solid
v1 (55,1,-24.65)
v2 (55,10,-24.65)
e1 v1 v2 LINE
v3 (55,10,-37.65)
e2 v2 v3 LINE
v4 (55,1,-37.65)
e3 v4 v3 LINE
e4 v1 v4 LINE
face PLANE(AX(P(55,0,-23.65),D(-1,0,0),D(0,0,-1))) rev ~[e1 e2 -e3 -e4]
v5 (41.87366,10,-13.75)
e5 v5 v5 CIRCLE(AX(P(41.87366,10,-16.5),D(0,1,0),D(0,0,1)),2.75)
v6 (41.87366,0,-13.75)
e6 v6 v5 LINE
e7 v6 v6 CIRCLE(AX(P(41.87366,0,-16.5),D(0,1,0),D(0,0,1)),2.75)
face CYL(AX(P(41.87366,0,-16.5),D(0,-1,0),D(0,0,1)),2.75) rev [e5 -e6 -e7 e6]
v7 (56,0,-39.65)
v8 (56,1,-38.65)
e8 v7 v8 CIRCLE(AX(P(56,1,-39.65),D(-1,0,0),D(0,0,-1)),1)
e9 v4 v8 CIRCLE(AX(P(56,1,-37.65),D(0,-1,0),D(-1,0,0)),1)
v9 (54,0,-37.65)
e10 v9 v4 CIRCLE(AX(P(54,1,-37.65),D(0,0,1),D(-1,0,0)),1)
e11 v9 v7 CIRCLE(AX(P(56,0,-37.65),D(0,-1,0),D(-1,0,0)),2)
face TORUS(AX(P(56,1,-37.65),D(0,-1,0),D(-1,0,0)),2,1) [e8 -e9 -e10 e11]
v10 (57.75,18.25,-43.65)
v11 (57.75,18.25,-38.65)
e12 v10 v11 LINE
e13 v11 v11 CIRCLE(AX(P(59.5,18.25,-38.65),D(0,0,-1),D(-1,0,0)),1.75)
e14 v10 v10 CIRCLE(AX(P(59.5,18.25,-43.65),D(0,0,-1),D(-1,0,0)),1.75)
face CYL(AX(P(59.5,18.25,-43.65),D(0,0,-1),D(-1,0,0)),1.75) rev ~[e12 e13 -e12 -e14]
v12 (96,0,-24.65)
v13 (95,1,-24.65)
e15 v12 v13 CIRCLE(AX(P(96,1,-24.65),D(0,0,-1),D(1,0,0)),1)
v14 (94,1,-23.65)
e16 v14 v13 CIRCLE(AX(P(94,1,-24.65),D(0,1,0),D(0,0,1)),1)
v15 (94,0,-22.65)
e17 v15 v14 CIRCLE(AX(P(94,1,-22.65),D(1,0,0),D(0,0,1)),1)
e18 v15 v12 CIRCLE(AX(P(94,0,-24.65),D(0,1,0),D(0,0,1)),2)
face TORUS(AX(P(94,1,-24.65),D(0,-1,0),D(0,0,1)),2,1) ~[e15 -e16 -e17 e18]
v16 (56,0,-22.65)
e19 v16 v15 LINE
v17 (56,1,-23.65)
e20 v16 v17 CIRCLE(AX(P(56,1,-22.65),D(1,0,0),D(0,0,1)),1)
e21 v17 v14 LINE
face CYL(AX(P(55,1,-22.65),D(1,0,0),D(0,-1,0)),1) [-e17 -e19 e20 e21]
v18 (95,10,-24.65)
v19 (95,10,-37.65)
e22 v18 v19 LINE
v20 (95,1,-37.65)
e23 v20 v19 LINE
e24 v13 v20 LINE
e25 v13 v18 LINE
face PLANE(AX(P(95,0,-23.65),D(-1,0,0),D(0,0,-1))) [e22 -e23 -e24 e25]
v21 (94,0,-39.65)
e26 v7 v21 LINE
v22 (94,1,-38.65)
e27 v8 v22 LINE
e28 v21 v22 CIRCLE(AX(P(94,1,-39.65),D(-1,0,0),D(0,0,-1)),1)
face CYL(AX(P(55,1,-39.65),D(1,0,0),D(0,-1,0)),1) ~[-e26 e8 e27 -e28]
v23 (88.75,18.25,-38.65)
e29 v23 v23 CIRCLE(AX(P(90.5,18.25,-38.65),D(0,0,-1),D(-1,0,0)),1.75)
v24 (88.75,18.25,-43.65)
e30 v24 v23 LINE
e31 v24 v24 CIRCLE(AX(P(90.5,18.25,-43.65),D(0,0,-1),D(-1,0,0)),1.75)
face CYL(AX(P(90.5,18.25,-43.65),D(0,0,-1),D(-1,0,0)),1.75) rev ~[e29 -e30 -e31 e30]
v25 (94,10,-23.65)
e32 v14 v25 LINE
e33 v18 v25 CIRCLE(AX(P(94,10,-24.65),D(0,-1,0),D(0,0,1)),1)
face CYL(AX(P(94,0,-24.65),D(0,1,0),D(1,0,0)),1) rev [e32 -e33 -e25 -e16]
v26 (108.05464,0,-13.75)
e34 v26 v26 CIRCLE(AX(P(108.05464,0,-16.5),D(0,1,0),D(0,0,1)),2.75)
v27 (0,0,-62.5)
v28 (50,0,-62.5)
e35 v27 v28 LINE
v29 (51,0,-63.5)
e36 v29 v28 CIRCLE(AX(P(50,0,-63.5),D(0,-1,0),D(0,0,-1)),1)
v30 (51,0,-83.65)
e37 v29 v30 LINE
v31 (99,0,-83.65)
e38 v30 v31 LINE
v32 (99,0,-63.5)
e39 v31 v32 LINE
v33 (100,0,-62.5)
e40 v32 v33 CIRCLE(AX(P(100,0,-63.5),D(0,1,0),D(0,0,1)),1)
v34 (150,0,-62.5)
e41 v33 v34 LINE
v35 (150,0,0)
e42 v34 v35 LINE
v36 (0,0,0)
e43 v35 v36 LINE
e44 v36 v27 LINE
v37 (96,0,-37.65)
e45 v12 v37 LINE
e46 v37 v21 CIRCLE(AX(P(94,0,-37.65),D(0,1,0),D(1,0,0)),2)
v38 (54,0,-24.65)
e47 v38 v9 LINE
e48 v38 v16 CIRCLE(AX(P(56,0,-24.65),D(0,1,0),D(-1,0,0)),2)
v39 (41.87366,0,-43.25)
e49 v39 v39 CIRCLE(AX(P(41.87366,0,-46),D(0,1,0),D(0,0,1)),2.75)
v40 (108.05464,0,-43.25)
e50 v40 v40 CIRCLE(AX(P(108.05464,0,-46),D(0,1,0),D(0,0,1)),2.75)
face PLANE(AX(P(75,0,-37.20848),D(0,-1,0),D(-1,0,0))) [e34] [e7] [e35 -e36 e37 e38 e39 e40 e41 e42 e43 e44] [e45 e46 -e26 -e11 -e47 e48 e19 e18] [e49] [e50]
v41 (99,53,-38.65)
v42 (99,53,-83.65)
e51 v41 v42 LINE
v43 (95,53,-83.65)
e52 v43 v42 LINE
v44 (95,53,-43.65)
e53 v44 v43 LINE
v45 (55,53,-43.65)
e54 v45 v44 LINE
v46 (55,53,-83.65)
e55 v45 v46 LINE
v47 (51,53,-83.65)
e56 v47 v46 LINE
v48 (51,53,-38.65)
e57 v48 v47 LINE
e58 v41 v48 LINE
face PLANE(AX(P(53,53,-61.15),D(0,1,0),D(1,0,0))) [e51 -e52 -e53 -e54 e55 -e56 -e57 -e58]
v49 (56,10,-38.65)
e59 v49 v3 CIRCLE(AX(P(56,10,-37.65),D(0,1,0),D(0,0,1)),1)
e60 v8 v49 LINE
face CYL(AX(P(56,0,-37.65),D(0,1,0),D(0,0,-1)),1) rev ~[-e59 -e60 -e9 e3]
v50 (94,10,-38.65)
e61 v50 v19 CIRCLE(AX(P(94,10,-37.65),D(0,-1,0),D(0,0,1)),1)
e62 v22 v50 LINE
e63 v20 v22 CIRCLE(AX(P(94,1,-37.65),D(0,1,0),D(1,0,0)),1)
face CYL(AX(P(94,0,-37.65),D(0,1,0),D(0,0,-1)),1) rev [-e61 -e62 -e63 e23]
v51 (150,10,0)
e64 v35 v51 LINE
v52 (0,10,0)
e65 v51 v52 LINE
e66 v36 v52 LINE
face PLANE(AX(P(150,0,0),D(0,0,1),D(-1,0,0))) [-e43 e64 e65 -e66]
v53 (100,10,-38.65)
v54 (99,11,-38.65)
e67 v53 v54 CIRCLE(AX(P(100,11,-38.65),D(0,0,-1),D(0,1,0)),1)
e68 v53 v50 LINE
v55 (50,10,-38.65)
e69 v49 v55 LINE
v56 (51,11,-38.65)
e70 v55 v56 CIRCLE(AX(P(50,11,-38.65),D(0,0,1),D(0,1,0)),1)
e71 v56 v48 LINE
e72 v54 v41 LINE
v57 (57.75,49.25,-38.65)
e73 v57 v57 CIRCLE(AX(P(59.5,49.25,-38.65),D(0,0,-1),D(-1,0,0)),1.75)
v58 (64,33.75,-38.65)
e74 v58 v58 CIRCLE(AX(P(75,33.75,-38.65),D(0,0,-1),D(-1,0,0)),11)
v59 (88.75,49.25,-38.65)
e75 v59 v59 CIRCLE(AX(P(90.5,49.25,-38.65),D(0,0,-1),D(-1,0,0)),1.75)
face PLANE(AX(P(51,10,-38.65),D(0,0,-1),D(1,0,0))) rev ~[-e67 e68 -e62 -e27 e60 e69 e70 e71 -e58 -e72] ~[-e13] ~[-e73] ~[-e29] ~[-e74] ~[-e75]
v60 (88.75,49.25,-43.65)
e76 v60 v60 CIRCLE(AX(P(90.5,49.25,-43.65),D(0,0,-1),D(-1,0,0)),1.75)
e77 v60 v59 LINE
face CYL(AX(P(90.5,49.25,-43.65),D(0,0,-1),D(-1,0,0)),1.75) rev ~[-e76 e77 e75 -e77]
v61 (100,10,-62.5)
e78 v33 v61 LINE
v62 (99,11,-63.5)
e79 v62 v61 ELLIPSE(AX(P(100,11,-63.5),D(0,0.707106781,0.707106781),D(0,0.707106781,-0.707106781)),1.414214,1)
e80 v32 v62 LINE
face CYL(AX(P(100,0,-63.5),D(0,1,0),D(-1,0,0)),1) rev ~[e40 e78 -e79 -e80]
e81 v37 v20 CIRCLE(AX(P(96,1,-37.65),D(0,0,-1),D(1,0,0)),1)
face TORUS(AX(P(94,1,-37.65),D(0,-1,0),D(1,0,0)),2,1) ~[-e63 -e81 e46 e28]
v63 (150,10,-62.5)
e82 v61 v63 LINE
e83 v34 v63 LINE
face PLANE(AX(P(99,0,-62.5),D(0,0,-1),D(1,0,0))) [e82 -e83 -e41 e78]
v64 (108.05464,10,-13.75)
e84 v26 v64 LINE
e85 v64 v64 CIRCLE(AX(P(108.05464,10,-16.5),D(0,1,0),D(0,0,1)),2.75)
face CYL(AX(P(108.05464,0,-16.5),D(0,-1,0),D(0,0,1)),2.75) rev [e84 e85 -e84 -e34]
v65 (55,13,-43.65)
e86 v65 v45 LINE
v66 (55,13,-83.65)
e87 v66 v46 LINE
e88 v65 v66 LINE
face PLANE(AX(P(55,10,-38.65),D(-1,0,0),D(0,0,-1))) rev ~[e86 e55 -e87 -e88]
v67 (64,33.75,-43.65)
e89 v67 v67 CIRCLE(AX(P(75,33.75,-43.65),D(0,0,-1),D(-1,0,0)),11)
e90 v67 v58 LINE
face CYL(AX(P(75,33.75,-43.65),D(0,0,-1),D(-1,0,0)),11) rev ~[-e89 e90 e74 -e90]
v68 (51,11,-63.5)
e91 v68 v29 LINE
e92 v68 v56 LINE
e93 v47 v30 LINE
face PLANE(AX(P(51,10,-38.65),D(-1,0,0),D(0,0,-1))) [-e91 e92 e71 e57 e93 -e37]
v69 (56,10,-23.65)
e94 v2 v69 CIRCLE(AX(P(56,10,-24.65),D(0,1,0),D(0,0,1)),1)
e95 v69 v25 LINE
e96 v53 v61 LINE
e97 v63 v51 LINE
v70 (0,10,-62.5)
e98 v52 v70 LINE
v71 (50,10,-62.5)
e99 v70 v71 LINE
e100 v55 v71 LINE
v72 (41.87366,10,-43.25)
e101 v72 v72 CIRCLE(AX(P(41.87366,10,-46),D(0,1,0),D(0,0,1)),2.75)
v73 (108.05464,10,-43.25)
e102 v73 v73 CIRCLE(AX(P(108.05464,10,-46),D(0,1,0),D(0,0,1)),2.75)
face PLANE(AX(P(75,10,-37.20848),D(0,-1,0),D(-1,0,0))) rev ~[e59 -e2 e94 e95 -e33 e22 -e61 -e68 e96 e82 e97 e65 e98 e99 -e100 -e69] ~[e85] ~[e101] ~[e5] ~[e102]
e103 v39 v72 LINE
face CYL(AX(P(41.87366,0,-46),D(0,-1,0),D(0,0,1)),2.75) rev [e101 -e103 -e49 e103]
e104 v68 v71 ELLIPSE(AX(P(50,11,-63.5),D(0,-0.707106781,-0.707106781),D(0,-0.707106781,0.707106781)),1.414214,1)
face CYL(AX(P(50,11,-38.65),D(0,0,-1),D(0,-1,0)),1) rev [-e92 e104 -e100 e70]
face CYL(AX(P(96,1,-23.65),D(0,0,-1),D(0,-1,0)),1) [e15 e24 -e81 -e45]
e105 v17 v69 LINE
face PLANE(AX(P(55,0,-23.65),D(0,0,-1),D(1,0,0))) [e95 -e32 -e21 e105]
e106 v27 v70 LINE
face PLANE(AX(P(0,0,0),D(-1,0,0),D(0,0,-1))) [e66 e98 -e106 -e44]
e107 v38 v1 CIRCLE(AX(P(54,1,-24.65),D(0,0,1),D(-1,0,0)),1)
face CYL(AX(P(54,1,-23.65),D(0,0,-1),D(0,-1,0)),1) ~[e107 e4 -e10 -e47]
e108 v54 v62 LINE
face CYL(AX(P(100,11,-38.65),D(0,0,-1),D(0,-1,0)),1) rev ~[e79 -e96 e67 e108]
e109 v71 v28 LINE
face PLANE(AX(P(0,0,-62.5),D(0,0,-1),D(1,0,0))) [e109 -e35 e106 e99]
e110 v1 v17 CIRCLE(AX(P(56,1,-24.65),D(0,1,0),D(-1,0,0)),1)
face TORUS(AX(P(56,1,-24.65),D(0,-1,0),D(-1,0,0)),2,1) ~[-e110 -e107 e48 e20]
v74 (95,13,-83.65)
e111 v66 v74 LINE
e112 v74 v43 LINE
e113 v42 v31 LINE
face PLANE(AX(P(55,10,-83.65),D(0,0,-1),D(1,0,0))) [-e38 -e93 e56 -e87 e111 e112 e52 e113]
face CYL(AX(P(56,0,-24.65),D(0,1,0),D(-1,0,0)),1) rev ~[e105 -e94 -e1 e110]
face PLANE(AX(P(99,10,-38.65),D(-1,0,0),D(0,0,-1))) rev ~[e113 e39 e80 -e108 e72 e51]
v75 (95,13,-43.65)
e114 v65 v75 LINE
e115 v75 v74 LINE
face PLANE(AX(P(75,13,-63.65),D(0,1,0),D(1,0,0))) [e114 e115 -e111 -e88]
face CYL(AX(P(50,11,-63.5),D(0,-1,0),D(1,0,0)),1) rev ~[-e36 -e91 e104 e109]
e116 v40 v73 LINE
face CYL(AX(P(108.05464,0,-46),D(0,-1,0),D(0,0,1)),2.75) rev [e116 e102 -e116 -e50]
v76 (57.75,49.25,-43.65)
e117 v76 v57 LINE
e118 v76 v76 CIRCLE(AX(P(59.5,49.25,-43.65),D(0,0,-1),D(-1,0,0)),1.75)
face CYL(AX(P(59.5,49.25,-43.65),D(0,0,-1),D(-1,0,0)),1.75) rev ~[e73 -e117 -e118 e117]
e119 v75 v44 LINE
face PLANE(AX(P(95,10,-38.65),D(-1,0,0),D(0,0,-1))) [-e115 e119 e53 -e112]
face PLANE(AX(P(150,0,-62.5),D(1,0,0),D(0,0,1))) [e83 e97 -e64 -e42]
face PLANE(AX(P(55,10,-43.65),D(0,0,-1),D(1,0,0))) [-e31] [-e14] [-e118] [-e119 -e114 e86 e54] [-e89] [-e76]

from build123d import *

# Parameters (mm, degrees)
SKETCH1_R            = 2.75
SKETCH1_W            = 40
SKETCH1_H            = 15
BOSS_EXTRUDE1_DEPTH  = 10
SKETCH3_W            = 40
SKETCH3_H            = 5
BOSS_EXTRUDE2_DEPTH  = 43
CUT_EXTRUDE1_REACH   = 166.968
SKETCH4_R            = 1.75
SKETCH4_R_2          = 11
SKETCH8_W            = 4
SKETCH8_H            = 45
BOSS_EXTRUDE4_DEPTH  = 43
SKETCH11_W           = 40
SKETCH11_H           = 40
BOSS_EXTRUDE15_DEPTH = 3
FILLET3_R            = 1
FILLET6_R            = 1
FILLET7_R            = 1


with BuildPart() as part:
    # Sketch1 → Boss-Extrude1 (new body)
    with BuildSketch(Plane(origin=(0, 0, 0), x_dir=(1, 0, 0), z_dir=(0, 1, 0))):
        Polygon((51, 62.5), (51, 83.65), (99, 83.65), (99, 62.5), (150, 62.5), (150, 0), (0, 0), (0, 62.5), align=None)
        with Locations(Location((108.05464, 46, 0), (0, 0, 270))):
            Circle(SKETCH1_R, mode=Mode.SUBTRACT)
        with Locations(Location((41.87366, 46, 0), (0, 0, 270))):
            Circle(SKETCH1_R, mode=Mode.SUBTRACT)
        with Locations(Location((41.87366, 16.5, 0), (0, 0, 270))):
            Circle(SKETCH1_R, mode=Mode.SUBTRACT)
        with Locations(Location((108.05464, 16.5, 0), (0, 0, 270))):
            Circle(SKETCH1_R, mode=Mode.SUBTRACT)
        with Locations((75, 31.15)):
            Rectangle(SKETCH1_W, SKETCH1_H, mode=Mode.SUBTRACT)
    extrude(amount=BOSS_EXTRUDE1_DEPTH)

    # Sketch3 → Boss-Extrude2 (add)
    with BuildSketch(Plane(origin=(0, 10, 0), x_dir=(1, 0, 0), z_dir=(0, 1, 0))):
        with Locations((75, 41.15)):
            Rectangle(SKETCH3_W, SKETCH3_H)
    extrude(amount=BOSS_EXTRUDE2_DEPTH)

    # Sketch4 → Cut-Extrude1 (cut, up to next)
    with BuildSketch(Plane(origin=(0, 0, -43.65), x_dir=(-1, 0, 0), z_dir=(0, 0, -1)), mode=Mode.PRIVATE) as cut_extrude1_sk1:
        with Locations((-59.5, 18.25)):
            Circle(SKETCH4_R)
    cut_extrude1_tool1 = extrude(cut_extrude1_sk1.sketch, amount=-CUT_EXTRUDE1_REACH, mode=Mode.PRIVATE) & part.part
    # Sketch4 → Cut-Extrude1 (cut, up to next)
    with BuildSketch(Plane(origin=(0, 0, -43.65), x_dir=(-1, 0, 0), z_dir=(0, 0, -1)), mode=Mode.PRIVATE) as cut_extrude1_sk2:
        with Locations((-90.5, 18.25)):
            Circle(SKETCH4_R)
    cut_extrude1_tool2 = extrude(cut_extrude1_sk2.sketch, amount=-CUT_EXTRUDE1_REACH, mode=Mode.PRIVATE) & part.part
    # Sketch4 → Cut-Extrude1 (cut, up to next)
    with BuildSketch(Plane(origin=(0, 0, -43.65), x_dir=(-1, 0, 0), z_dir=(0, 0, -1)), mode=Mode.PRIVATE) as cut_extrude1_sk3:
        with Locations((-75, 33.75)):
            Circle(SKETCH4_R_2)
    cut_extrude1_tool3 = extrude(cut_extrude1_sk3.sketch, amount=-CUT_EXTRUDE1_REACH, mode=Mode.PRIVATE) & part.part
    # Sketch4 → Cut-Extrude1 (cut, up to next)
    with BuildSketch(Plane(origin=(0, 0, -43.65), x_dir=(-1, 0, 0), z_dir=(0, 0, -1)), mode=Mode.PRIVATE) as cut_extrude1_sk4:
        with Locations((-90.5, 49.25)):
            Circle(SKETCH4_R)
    cut_extrude1_tool4 = extrude(cut_extrude1_sk4.sketch, amount=-CUT_EXTRUDE1_REACH, mode=Mode.PRIVATE) & part.part
    # Sketch4 → Cut-Extrude1 (cut, up to next)
    with BuildSketch(Plane(origin=(0, 0, -43.65), x_dir=(-1, 0, 0), z_dir=(0, 0, -1)), mode=Mode.PRIVATE) as cut_extrude1_sk5:
        with Locations((-59.5, 49.25)):
            Circle(SKETCH4_R)
    cut_extrude1_tool5 = extrude(cut_extrude1_sk5.sketch, amount=-CUT_EXTRUDE1_REACH, mode=Mode.PRIVATE) & part.part
    add(cut_extrude1_tool1.solids().sort_by_distance((59.5, 18.25, -43.65))[0], mode=Mode.SUBTRACT)
    add(cut_extrude1_tool2.solids().sort_by_distance((90.5, 18.25, -43.65))[0], mode=Mode.SUBTRACT)
    add(cut_extrude1_tool3.solids().sort_by_distance((75, 33.75, -43.65))[0], mode=Mode.SUBTRACT)
    add(cut_extrude1_tool4.solids().sort_by_distance((90.5, 49.25, -43.65))[0], mode=Mode.SUBTRACT)
    add(cut_extrude1_tool5.solids().sort_by_distance((59.5, 49.25, -43.65))[0], mode=Mode.SUBTRACT)

    # Sketch8 → Boss-Extrude4 (add)
    with BuildSketch(Plane(origin=(0, 10, 0), x_dir=(1, 0, 0), z_dir=(0, 1, 0))):
        with Locations((53, 61.15)):
            Rectangle(SKETCH8_W, SKETCH8_H)
        with Locations((97, 61.15)):
            Rectangle(SKETCH8_W, SKETCH8_H)
    extrude(amount=BOSS_EXTRUDE4_DEPTH)

    # Sketch11 → Boss-Extrude15 (add)
    with BuildSketch(Plane(origin=(0, 10, 0), x_dir=(1, 0, 0), z_dir=(0, 1, 0))):
        with Locations((75, 63.65)):
            Rectangle(SKETCH11_W, SKETCH11_H)
    extrude(amount=BOSS_EXTRUDE15_DEPTH)

    # Fillet3
    fillet3_edges = [part.edges().sort_by_distance(p)[0] for p in [
        (55, 0, -31.15),
        (75, 0, -23.65),
        (95, 0, -31.15),
        (75, 0, -38.65),
        (55, 5, -38.65),
        (55, 5, -23.65),
        (95, 5, -23.65),
        (95, 5, -38.65),
    ]]
    fillet(fillet3_edges, radius=FILLET3_R)

    # Fillet6
    fillet6_edges = [part.edges().sort_by_distance(p)[0] for p in [
        (99, 10, -50.575),
        (51, 10, -50.575),
    ]]
    fillet(fillet6_edges, radius=FILLET6_R)

    # Fillet7
    fillet7_edges = [part.edges().sort_by_distance(p)[0] for p in [
        (99, 5.5, -62.5),
        (51, 5.5, -62.5),
    ]]
    fillet(fillet7_edges, radius=FILLET7_R)


solid = part.part
